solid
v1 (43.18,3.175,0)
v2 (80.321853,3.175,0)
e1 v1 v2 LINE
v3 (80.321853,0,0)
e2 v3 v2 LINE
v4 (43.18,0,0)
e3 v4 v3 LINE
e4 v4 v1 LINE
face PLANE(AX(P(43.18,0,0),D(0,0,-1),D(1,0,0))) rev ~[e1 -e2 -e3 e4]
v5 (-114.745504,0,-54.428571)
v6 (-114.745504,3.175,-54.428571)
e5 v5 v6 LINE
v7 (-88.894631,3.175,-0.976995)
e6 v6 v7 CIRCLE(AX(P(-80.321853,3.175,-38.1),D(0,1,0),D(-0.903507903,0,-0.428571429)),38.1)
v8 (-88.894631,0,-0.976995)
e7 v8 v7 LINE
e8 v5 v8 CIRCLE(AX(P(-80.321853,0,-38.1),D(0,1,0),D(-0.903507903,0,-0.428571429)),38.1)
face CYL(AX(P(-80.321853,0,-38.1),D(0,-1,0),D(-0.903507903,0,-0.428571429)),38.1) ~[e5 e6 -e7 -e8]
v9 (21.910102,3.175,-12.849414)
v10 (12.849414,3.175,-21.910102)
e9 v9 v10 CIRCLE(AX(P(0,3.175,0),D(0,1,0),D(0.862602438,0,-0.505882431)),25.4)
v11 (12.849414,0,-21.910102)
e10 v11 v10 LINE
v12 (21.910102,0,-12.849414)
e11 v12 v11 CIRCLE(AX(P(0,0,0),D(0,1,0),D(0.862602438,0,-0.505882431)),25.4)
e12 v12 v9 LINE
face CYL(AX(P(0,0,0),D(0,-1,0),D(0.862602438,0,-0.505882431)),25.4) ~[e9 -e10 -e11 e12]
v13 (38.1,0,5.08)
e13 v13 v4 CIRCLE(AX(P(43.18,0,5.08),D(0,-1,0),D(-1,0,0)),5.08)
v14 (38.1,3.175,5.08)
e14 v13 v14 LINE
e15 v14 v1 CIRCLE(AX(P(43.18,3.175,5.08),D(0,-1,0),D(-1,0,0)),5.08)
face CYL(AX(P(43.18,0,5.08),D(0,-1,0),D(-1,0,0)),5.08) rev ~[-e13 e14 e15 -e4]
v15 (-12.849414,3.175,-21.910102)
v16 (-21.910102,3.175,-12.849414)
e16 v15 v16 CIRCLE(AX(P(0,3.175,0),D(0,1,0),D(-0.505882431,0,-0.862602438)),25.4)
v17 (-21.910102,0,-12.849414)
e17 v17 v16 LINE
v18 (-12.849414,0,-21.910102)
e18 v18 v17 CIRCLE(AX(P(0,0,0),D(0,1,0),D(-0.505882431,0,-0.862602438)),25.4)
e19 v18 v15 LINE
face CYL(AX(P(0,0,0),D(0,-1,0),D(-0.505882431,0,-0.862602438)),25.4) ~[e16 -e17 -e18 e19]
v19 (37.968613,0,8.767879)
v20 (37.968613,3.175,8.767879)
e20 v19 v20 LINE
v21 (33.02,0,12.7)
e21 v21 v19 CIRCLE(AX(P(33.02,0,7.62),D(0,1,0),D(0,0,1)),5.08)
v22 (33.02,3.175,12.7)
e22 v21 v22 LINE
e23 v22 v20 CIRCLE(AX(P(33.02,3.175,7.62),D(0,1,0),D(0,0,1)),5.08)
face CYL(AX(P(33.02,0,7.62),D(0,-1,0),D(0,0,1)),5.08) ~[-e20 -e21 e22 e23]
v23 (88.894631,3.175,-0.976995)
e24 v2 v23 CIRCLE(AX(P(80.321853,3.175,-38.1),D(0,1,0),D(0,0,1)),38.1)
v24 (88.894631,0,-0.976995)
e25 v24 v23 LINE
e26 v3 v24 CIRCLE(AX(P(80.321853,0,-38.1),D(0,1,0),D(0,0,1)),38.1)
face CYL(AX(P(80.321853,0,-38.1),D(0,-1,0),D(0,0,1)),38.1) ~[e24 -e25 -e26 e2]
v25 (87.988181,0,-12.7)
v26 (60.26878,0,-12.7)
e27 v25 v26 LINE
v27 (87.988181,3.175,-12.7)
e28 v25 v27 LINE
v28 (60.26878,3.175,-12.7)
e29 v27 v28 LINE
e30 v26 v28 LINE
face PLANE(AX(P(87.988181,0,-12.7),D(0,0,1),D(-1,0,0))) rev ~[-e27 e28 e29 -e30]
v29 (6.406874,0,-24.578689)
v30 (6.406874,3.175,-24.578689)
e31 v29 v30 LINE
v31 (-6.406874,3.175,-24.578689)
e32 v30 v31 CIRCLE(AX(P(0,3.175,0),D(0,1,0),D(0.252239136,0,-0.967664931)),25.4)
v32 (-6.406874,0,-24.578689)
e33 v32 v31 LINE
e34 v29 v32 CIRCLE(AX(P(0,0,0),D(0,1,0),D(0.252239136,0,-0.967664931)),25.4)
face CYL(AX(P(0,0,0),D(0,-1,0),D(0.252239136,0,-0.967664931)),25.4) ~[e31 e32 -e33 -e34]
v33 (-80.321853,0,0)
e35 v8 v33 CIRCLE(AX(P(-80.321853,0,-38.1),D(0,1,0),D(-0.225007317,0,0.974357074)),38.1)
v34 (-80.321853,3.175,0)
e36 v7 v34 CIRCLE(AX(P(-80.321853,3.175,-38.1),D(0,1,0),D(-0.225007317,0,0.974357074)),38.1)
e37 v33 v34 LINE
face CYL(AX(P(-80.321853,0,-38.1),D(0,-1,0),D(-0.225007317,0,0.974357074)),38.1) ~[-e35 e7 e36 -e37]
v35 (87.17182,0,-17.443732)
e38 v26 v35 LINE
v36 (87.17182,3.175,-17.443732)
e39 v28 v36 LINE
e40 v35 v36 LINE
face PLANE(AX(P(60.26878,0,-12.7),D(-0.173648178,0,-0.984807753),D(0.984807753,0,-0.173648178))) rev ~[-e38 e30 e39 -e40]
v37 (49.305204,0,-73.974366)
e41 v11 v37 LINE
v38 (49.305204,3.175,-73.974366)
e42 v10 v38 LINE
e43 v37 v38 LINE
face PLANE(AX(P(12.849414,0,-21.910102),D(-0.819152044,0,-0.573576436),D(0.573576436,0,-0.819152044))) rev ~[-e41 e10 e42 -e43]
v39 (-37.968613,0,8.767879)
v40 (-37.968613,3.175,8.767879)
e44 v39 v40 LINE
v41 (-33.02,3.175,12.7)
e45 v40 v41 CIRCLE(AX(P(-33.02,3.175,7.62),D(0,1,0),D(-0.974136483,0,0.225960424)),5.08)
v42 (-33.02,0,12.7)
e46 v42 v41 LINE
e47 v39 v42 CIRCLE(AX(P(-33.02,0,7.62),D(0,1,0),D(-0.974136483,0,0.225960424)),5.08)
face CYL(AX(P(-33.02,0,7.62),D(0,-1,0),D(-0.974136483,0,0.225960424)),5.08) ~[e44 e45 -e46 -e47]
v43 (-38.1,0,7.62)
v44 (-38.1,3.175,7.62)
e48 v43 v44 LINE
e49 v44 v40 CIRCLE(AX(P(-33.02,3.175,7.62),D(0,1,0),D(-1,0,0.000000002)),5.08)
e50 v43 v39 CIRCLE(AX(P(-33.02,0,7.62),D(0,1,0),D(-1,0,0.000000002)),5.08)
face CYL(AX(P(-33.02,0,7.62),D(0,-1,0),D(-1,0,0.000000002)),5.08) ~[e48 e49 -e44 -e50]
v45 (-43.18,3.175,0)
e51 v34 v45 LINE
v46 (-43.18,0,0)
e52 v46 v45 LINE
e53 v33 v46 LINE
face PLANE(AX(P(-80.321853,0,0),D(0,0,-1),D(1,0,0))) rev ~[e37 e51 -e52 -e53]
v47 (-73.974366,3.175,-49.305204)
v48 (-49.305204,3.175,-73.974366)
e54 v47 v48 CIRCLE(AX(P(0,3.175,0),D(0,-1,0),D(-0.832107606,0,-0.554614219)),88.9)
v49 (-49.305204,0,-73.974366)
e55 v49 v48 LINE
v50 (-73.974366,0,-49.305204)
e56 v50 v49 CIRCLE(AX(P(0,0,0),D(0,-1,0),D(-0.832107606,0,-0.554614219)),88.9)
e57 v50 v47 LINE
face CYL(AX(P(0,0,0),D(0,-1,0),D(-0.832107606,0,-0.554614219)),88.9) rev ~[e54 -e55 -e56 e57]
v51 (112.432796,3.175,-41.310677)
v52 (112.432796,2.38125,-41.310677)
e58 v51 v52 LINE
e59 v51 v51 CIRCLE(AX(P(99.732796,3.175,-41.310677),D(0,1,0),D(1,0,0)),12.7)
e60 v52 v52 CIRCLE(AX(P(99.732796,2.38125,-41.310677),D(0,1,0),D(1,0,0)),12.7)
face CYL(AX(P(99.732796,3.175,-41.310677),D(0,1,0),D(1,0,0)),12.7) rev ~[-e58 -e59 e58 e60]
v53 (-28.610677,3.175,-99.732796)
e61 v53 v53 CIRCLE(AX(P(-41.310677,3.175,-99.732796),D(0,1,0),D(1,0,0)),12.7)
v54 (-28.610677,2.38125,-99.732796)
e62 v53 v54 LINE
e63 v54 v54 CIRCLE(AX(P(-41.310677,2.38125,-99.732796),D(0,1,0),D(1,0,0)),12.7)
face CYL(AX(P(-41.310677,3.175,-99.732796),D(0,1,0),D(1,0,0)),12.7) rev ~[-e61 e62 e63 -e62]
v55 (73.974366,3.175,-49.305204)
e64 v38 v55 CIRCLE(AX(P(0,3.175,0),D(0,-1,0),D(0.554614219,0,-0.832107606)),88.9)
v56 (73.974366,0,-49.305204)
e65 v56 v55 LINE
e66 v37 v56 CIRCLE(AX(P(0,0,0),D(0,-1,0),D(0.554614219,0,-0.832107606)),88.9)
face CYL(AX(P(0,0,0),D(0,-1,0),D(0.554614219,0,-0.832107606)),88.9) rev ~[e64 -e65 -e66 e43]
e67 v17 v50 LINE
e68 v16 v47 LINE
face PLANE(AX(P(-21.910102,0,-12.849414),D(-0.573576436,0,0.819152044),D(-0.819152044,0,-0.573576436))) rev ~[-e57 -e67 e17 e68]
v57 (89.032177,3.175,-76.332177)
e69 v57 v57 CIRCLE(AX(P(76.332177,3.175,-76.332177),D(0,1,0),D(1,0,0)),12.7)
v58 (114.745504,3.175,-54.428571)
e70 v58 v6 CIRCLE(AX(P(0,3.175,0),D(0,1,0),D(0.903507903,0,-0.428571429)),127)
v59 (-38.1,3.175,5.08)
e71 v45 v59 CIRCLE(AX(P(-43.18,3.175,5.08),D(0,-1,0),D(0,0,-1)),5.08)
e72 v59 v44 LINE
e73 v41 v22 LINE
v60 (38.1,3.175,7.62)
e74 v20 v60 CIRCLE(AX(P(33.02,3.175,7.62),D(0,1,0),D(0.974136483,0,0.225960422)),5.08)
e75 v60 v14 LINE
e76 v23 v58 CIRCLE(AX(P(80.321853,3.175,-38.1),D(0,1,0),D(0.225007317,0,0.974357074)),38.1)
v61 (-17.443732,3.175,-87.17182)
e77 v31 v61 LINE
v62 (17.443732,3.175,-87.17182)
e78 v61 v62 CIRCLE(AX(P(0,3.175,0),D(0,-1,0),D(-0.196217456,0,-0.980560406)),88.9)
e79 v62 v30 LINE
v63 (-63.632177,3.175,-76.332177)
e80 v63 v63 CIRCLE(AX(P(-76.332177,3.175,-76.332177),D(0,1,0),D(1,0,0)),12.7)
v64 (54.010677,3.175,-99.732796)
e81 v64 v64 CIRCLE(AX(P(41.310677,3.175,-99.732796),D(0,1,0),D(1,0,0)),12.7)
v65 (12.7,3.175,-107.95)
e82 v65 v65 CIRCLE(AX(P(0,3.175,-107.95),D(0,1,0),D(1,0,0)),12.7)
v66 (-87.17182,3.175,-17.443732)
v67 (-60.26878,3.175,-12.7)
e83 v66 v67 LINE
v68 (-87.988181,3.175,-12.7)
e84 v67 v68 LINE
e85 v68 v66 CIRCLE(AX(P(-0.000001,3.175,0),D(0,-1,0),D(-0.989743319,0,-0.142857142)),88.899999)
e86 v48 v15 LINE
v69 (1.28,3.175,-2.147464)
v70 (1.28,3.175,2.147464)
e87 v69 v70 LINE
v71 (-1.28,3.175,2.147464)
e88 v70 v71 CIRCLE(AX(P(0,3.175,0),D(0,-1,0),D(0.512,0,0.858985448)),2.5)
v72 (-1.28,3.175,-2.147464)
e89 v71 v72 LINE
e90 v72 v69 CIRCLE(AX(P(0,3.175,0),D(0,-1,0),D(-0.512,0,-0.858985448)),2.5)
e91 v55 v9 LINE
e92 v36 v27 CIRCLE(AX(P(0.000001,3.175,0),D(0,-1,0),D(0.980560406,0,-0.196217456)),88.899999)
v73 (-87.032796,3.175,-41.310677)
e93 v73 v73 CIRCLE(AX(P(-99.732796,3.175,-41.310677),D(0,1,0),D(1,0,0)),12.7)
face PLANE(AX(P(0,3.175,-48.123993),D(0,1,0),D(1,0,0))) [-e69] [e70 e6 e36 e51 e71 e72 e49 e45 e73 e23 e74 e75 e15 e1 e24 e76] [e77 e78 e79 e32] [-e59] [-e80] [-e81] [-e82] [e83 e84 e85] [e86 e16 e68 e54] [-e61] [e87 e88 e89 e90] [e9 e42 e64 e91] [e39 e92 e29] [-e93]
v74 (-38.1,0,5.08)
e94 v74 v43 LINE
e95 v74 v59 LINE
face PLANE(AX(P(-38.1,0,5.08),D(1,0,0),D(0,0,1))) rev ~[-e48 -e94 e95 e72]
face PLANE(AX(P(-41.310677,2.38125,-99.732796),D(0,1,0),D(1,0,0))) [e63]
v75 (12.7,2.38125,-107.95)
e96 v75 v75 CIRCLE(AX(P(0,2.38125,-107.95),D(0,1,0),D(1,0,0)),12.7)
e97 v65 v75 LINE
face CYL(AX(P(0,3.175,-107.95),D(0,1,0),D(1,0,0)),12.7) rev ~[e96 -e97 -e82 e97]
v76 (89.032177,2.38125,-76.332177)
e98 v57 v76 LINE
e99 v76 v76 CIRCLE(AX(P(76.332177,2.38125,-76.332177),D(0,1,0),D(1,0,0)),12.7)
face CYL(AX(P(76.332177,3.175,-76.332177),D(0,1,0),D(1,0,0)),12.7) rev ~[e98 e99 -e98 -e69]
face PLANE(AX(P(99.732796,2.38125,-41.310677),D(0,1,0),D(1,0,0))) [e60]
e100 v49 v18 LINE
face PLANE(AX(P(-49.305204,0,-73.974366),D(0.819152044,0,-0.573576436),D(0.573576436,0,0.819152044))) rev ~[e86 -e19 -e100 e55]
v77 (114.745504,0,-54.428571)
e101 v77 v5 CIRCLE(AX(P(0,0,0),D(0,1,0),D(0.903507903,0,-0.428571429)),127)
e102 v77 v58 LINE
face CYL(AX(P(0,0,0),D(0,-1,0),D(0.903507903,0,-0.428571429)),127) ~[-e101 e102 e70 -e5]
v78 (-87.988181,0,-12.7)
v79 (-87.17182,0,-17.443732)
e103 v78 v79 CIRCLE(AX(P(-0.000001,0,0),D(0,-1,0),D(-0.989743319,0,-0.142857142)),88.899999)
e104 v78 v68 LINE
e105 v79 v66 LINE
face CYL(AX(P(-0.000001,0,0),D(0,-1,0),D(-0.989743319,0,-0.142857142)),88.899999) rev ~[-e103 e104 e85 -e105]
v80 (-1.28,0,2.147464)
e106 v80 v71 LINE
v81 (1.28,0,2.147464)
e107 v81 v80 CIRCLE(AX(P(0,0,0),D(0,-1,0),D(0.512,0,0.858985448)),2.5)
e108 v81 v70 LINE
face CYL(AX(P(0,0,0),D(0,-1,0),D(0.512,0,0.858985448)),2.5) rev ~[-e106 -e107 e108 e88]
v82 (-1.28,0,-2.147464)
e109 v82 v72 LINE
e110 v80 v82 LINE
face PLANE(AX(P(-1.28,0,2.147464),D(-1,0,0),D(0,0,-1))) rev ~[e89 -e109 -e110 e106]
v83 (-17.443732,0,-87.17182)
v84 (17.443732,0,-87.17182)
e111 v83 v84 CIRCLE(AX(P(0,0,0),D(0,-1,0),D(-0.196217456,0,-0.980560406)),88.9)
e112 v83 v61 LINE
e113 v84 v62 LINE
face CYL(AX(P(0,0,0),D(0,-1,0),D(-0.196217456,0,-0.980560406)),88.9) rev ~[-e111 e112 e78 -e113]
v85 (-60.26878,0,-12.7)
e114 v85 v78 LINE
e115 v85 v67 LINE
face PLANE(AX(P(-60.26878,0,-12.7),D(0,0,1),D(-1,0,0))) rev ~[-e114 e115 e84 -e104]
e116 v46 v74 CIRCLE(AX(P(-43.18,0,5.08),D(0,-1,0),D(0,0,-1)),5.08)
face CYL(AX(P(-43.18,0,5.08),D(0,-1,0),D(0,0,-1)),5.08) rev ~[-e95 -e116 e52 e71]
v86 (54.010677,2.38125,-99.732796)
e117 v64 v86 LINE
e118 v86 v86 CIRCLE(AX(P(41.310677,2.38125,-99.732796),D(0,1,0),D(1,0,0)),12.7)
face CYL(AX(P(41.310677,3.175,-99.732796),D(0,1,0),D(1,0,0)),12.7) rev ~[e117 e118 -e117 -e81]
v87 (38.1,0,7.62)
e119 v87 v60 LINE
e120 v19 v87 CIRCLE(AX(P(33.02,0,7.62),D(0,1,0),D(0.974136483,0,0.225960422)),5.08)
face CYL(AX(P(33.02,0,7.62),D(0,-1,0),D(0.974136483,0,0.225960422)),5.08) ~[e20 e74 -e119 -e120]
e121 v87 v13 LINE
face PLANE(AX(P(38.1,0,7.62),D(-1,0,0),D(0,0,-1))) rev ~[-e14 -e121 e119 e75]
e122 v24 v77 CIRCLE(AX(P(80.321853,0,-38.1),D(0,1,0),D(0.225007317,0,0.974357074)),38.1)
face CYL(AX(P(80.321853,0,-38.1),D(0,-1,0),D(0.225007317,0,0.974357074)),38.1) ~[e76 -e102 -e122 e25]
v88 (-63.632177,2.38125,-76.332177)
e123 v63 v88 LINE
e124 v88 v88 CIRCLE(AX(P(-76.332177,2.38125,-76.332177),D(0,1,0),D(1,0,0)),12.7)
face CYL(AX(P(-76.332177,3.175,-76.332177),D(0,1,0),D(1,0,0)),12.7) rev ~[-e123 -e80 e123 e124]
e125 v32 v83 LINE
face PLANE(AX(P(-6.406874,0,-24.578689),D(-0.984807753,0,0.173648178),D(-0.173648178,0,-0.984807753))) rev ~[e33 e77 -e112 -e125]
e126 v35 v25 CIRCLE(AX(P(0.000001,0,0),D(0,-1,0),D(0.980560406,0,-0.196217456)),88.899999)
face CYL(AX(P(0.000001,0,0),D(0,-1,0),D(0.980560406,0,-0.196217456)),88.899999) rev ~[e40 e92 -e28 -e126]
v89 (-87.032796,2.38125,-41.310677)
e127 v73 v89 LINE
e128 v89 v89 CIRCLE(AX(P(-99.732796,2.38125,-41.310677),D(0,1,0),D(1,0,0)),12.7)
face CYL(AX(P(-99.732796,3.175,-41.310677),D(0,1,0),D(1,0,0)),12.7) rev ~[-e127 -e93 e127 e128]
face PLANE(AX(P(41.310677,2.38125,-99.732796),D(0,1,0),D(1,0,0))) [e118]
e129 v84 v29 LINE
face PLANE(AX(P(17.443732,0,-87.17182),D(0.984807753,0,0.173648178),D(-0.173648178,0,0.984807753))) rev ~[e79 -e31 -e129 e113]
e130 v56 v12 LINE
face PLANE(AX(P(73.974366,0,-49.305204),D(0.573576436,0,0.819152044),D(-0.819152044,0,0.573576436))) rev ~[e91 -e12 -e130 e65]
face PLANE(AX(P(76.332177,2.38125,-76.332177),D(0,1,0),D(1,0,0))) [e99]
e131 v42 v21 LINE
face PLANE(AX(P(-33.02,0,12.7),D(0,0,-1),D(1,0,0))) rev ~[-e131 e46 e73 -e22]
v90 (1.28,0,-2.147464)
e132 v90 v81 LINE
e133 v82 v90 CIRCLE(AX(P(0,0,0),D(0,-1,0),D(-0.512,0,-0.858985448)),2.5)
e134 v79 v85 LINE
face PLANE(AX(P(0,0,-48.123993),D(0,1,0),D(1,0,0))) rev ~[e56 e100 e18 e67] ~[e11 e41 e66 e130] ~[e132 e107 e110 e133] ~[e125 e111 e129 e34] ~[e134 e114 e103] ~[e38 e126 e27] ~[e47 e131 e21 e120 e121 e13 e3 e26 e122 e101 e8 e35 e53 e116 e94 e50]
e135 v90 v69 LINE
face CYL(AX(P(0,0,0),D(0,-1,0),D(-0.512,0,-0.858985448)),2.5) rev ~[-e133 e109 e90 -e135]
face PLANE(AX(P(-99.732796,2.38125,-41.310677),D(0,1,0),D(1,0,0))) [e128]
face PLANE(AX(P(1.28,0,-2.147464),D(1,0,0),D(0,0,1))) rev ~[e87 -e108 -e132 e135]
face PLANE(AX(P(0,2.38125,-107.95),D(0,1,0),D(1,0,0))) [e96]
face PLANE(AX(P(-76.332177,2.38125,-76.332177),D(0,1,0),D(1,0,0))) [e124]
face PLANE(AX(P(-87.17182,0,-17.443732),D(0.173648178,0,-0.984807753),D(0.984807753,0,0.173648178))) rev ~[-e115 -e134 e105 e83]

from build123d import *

# Parameters (mm, degrees)
BOSS_EXTRUDE1_DEPTH = 3.175
CUT_EXTRUDE4_START  = 3.175
SKETCH1_4_R         = 12.7
CUT_EXTRUDE4_DEPTH  = 0.79375


with BuildPart() as part:
    # Sketch1 → Boss-Extrude1 (new body)
    with BuildSketch(Plane(origin=(0, 0, 0), x_dir=(1, 0, 0), z_dir=(0, 1, 0))):
        with BuildLine():
            ThreePointArc((-88.894631333, 0.976995485), (-84.635987937, 0.245036838), (-80.321852568, 0))
            Line((-80.321852568, 0), (-43.18, 0))
            ThreePointArc((-43.18, 0), (-39.587897552, -1.487897552), (-38.1, -5.08))
            Line((-38.1, -5.08), (-38.1, -7.62))
            ThreePointArc((-38.1, -7.62), (-38.067046449, -8.197686885), (-37.968613332, -8.767878954))
            ThreePointArc((-37.968613332, -8.767878954), (-36.180314455, -11.597287083), (-33.02, -12.7))
            Line((-33.02, -12.7), (33.02, -12.7))
            ThreePointArc((33.02, -12.7), (36.180314455, -11.597287083), (37.968613332, -8.767878954))
            ThreePointArc((37.968613332, -8.767878954), (38.067046449, -8.197686885), (38.1, -7.62))
            Line((38.1, -7.62), (38.1, -5.08))
            ThreePointArc((38.1, -5.08), (39.587897552, -1.487897552), (43.18, 0))
            Line((43.18, 0), (80.321852568, 0))
            ThreePointArc((80.321852568, 0), (84.635987937, 0.245036838), (88.894631333, 0.976995485))
            ThreePointArc((88.894631333, 0.976995485), (114.6211381, 21.511780928), (114.745503669, 54.428571429))
            ThreePointArc((114.745503669, 54.428571429), (0, 127), (-114.745503669, 54.428571429))
            ThreePointArc((-114.745503669, 54.428571429), (-114.6211381, 21.511780928), (-88.894631333, 0.976995485))
        make_face()
        with BuildLine():
            Line((-60.268779933, 12.7), (-87.988181024, 12.7))
            ThreePointArc((-87.988181024, 12.7), (-87.612112441, 15.077392137), (-87.171820099, 17.443731844))
            Line((-87.171820099, 17.443731844), (-60.268779933, 12.7))
        make_face(mode=Mode.SUBTRACT)
        with BuildLine():
            Line((-1.28, -2.14746362), (-1.28, 2.14746362))
            ThreePointArc((-1.28, 2.14746362), (0, 2.5), (1.28, 2.14746362))
            Line((1.28, 2.14746362), (1.28, -2.14746362))
            ThreePointArc((1.28, -2.14746362), (0, -2.5), (-1.28, -2.14746362))
        make_face(mode=Mode.SUBTRACT)
        with BuildLine():
            ThreePointArc((87.171820099, 17.443731844), (87.612112441, 15.077392137), (87.988181024, 12.7))
            Line((87.988181024, 12.7), (60.268779933, 12.7))
            Line((60.268779933, 12.7), (87.171820099, 17.443731844))
        make_face(mode=Mode.SUBTRACT)
        with BuildLine():
            ThreePointArc((-73.974366197, 49.305204044), (-62.861792847, 62.861792847), (-49.305204044, 73.974366197))
            Line((-49.305204044, 73.974366197), (-12.849413735, 21.910101932))
            ThreePointArc((-12.849413735, 21.910101932), (-17.960512242, 17.960512242), (-21.910101932, 12.849413735))
            Line((-21.910101932, 12.849413735), (-73.974366197, 49.305204044))
        make_face(mode=Mode.SUBTRACT)
        with BuildLine():
            ThreePointArc((49.305204044, 73.974366197), (62.861792847, 62.861792847), (73.974366197, 49.305204044))
            Line((73.974366197, 49.305204044), (21.910101932, 12.849413735))
            ThreePointArc((21.910101932, 12.849413735), (17.960512242, 17.960512242), (12.849413735, 21.910101932))
            Line((12.849413735, 21.910101932), (49.305204044, 73.974366197))
        make_face(mode=Mode.SUBTRACT)
        with BuildLine():
            Line((-6.406874067, 24.578689239), (-17.443731844, 87.171820099))
            ThreePointArc((-17.443731844, 87.171820099), (0, 88.9), (17.443731844, 87.171820099))
            Line((17.443731844, 87.171820099), (6.406874067, 24.578689239))
            ThreePointArc((6.406874067, 24.578689239), (0, 25.4), (-6.406874067, 24.578689239))
        make_face(mode=Mode.SUBTRACT)
    extrude(amount=BOSS_EXTRUDE1_DEPTH)

    # Sketch1<4> → Cut-Extrude4 (cut)
    with BuildSketch(Plane(origin=(0, 0, 0), x_dir=(1, 0, 0), z_dir=(0, 1, 0)).offset(CUT_EXTRUDE4_START)):
        with Locations((-99.732795535, 41.310676524)):
            Circle(SKETCH1_4_R)
        with Locations((-76.332177029, 76.332177029)):
            Circle(SKETCH1_4_R)
        with Locations((-41.310676524, 99.732795535)):
            Circle(SKETCH1_4_R)
        with Locations((0, 107.95)):
            Circle(SKETCH1_4_R)
        with Locations((41.310676524, 99.732795535)):
            Circle(SKETCH1_4_R)
        with Locations((76.332177029, 76.332177029)):
            Circle(SKETCH1_4_R)
        with Locations((99.732795535, 41.310676524)):
            Circle(SKETCH1_4_R)
    extrude(amount=-CUT_EXTRUDE4_DEPTH, mode=Mode.SUBTRACT)


solid = part.part
